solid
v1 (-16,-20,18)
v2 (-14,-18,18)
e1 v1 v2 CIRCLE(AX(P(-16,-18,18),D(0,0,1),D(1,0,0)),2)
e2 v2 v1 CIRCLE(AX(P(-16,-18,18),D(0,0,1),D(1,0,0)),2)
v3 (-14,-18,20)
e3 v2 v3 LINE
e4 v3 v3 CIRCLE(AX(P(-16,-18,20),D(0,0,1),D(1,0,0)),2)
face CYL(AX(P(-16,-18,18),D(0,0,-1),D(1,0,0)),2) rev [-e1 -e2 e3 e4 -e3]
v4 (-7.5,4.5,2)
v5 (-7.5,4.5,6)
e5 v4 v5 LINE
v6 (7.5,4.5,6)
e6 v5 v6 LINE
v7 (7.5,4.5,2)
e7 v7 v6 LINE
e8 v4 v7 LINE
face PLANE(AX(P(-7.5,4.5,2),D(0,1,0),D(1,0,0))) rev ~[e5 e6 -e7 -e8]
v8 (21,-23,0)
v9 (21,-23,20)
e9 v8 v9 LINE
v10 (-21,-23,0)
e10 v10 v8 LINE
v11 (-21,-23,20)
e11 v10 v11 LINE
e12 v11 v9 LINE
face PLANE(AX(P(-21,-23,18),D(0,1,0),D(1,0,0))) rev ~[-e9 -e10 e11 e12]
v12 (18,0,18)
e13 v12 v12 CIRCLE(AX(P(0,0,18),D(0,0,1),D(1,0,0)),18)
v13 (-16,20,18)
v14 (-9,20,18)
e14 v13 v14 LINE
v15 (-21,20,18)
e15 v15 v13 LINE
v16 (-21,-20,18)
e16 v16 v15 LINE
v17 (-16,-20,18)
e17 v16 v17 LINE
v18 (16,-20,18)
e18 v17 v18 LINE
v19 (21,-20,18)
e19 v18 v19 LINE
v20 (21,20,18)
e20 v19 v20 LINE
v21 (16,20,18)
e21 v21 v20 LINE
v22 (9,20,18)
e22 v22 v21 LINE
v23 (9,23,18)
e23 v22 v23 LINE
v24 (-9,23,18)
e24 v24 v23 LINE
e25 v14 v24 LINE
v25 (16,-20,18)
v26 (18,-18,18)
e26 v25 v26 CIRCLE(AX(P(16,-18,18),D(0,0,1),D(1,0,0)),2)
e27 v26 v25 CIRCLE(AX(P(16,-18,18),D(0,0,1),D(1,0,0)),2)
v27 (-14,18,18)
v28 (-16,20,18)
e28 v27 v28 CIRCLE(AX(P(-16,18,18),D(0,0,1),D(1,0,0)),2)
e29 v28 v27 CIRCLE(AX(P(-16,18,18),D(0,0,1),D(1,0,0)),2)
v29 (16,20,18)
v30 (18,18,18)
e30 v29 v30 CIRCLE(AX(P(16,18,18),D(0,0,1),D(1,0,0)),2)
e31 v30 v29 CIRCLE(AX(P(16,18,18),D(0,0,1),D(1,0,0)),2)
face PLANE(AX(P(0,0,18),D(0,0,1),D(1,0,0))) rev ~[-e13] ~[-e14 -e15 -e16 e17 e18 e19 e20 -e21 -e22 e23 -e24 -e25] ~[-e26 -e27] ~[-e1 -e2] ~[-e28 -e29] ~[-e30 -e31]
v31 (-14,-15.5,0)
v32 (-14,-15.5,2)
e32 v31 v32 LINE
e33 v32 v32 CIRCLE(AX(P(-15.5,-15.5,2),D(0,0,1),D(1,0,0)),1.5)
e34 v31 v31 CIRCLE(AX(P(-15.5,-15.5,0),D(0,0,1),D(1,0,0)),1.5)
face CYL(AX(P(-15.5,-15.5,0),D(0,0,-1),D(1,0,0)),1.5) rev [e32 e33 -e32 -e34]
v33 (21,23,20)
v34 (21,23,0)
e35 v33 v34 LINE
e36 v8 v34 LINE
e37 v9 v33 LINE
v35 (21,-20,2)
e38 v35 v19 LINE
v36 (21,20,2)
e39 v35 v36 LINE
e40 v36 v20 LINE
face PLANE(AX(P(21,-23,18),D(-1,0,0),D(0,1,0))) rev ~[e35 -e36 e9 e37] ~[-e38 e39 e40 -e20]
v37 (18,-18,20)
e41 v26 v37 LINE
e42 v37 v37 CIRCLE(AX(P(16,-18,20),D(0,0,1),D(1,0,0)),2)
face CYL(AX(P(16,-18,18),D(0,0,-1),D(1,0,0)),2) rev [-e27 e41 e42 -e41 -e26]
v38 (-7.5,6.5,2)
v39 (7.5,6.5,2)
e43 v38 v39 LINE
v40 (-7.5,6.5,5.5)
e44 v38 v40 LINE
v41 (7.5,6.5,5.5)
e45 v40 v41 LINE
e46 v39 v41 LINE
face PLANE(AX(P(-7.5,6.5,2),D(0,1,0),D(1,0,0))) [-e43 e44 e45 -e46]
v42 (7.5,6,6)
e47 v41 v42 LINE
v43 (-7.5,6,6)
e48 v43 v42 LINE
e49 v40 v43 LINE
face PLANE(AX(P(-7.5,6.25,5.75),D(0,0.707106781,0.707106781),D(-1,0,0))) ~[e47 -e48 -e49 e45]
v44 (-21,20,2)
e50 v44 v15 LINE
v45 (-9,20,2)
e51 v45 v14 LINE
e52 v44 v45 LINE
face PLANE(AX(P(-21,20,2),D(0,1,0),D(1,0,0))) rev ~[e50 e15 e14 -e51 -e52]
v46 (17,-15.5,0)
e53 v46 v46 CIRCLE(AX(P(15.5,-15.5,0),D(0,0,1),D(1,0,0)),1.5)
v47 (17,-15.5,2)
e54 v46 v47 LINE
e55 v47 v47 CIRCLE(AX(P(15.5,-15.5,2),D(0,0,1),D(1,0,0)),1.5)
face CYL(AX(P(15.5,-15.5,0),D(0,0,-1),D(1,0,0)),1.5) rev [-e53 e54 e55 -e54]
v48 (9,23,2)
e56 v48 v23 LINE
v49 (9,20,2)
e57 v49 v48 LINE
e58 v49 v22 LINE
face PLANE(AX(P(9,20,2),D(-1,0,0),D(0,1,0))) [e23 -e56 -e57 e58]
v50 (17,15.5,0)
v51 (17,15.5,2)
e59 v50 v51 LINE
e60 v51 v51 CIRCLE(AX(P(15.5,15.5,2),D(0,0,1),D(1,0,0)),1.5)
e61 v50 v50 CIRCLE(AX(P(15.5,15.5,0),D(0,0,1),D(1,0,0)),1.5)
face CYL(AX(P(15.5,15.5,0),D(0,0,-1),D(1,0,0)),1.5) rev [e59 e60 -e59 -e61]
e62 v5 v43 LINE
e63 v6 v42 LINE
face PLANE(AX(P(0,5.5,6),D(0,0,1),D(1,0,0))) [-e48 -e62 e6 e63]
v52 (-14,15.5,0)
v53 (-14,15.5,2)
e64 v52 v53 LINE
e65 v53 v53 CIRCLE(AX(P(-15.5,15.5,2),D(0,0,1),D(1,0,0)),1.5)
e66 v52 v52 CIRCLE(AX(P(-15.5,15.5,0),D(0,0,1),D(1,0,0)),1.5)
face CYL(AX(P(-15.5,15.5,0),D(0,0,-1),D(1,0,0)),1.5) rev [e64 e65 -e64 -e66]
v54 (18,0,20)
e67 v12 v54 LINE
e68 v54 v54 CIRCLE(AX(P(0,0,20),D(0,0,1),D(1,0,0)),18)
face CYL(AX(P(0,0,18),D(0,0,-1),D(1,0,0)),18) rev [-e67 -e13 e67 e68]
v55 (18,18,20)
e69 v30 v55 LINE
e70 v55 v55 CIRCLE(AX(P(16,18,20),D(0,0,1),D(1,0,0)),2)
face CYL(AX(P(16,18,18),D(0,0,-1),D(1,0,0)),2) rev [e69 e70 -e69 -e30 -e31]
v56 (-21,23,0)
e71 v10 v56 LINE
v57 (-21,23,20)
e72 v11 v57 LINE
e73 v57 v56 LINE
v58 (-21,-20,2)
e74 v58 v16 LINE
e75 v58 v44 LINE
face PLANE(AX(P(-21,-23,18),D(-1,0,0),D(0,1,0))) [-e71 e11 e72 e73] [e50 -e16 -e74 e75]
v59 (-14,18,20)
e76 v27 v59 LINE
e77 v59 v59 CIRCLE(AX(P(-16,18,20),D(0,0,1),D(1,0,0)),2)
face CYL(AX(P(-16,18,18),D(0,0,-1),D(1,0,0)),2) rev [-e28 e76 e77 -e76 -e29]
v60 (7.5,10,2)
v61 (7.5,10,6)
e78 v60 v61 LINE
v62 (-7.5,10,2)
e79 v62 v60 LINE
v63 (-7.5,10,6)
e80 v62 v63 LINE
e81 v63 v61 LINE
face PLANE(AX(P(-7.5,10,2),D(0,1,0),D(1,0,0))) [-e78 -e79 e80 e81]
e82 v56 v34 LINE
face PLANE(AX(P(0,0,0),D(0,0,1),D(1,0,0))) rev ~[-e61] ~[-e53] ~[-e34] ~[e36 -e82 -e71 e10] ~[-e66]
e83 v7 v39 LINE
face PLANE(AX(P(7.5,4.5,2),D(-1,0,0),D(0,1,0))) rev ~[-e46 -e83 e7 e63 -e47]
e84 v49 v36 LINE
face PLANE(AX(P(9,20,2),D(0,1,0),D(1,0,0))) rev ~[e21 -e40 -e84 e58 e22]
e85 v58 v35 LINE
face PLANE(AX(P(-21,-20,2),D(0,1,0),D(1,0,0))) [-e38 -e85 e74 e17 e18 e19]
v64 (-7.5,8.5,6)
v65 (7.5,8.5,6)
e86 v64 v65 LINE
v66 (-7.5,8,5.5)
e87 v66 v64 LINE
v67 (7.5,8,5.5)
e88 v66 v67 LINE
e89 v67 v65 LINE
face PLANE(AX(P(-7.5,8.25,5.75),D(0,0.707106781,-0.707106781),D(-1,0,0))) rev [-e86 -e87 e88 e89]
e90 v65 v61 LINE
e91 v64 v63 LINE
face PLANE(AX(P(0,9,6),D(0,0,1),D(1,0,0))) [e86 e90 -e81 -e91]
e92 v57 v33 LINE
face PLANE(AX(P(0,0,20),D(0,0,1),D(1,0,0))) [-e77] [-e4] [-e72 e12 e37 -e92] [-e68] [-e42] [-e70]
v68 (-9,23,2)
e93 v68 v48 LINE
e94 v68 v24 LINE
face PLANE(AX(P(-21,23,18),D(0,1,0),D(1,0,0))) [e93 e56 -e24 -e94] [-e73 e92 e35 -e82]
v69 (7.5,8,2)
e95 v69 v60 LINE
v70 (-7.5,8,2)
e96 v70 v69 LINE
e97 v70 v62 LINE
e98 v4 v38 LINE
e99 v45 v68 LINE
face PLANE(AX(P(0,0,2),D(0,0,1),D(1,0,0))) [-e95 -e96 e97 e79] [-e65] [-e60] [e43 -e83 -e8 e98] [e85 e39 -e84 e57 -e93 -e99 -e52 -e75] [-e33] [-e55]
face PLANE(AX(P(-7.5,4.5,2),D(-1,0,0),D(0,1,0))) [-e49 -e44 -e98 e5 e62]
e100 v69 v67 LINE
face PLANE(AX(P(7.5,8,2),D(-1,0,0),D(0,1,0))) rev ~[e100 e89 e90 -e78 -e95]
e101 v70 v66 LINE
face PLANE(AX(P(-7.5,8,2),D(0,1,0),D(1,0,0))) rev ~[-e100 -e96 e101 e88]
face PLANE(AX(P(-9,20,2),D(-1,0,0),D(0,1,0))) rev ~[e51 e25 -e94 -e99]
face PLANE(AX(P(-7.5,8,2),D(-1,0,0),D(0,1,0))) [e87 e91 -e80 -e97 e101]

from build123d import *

# Parameters (mm, degrees)
F0_W     = 42
F0_H     = 46
F0_R     = 1.5
F1_DEPTH = 2
F2_W     = 12
F2_H     = 3
F2_W_2   = 42
F3_DEPTH = 16
F4_W     = 42
F4_H     = 46
F4_R     = 2
F4_R_2   = 18
F5_DEPTH = 2
F6_W     = 15
F6_H     = 2
F7_DEPTH = 4
F8_SIZE  = 0.5


with BuildPart() as f1:
    # F0 (on Top) → F1 (new body)
    with BuildSketch(Plane.XY):
        Rectangle(F0_W, F0_H)
        with Locations((-15.5, -15.5)):
            Circle(F0_R, mode=Mode.SUBTRACT)
        with Locations((15.5, -15.5)):
            Circle(F0_R, mode=Mode.SUBTRACT)
        with Locations((-15.5, 15.5)):
            Circle(F0_R, mode=Mode.SUBTRACT)
        with Locations((15.5, 15.5)):
            Circle(F0_R, mode=Mode.SUBTRACT)
    extrude(amount=F1_DEPTH)

    # F2 (on face) → F3 (join)
    with BuildSketch(Plane.XY.offset(2)):
        with Locations((15, 21.5)):
            Rectangle(F2_W, F2_H)
        with Locations((-15, 21.5)):
            Rectangle(F2_W, F2_H)
        with Locations((0, -21.5)):
            Rectangle(F2_W_2, F2_H)
    extrude(amount=F3_DEPTH)

    # F4 (on face) → F5 (join)
    with BuildSketch(Plane.XY.offset(18)):
        Rectangle(F4_W, F4_H)
        with Locations((-16, -18)):
            Circle(F4_R, mode=Mode.SUBTRACT)
        with Locations((16, -18)):
            Circle(F4_R, mode=Mode.SUBTRACT)
        with Locations((-16, 18)):
            Circle(F4_R, mode=Mode.SUBTRACT)
        Circle(F4_R_2, mode=Mode.SUBTRACT)
        with Locations((16, 18)):
            Circle(F4_R, mode=Mode.SUBTRACT)
    extrude(amount=F5_DEPTH)

    # F6 (on face) → F7 (join)
    with BuildSketch(Plane.XY.offset(2)):
        with Locations((0, 9)):
            Rectangle(F6_W, F6_H)
        with Locations((0, 5.5)):
            Rectangle(F6_W, F6_H)
    extrude(amount=F7_DEPTH)

    # F8
    f8_edges = [f1.edges().sort_by_distance(p)[0] for p in [
        (0, 8, 6),
        (0, 6.5, 6),
    ]]
    chamfer(f8_edges, length=F8_SIZE)


solid = f1.part
